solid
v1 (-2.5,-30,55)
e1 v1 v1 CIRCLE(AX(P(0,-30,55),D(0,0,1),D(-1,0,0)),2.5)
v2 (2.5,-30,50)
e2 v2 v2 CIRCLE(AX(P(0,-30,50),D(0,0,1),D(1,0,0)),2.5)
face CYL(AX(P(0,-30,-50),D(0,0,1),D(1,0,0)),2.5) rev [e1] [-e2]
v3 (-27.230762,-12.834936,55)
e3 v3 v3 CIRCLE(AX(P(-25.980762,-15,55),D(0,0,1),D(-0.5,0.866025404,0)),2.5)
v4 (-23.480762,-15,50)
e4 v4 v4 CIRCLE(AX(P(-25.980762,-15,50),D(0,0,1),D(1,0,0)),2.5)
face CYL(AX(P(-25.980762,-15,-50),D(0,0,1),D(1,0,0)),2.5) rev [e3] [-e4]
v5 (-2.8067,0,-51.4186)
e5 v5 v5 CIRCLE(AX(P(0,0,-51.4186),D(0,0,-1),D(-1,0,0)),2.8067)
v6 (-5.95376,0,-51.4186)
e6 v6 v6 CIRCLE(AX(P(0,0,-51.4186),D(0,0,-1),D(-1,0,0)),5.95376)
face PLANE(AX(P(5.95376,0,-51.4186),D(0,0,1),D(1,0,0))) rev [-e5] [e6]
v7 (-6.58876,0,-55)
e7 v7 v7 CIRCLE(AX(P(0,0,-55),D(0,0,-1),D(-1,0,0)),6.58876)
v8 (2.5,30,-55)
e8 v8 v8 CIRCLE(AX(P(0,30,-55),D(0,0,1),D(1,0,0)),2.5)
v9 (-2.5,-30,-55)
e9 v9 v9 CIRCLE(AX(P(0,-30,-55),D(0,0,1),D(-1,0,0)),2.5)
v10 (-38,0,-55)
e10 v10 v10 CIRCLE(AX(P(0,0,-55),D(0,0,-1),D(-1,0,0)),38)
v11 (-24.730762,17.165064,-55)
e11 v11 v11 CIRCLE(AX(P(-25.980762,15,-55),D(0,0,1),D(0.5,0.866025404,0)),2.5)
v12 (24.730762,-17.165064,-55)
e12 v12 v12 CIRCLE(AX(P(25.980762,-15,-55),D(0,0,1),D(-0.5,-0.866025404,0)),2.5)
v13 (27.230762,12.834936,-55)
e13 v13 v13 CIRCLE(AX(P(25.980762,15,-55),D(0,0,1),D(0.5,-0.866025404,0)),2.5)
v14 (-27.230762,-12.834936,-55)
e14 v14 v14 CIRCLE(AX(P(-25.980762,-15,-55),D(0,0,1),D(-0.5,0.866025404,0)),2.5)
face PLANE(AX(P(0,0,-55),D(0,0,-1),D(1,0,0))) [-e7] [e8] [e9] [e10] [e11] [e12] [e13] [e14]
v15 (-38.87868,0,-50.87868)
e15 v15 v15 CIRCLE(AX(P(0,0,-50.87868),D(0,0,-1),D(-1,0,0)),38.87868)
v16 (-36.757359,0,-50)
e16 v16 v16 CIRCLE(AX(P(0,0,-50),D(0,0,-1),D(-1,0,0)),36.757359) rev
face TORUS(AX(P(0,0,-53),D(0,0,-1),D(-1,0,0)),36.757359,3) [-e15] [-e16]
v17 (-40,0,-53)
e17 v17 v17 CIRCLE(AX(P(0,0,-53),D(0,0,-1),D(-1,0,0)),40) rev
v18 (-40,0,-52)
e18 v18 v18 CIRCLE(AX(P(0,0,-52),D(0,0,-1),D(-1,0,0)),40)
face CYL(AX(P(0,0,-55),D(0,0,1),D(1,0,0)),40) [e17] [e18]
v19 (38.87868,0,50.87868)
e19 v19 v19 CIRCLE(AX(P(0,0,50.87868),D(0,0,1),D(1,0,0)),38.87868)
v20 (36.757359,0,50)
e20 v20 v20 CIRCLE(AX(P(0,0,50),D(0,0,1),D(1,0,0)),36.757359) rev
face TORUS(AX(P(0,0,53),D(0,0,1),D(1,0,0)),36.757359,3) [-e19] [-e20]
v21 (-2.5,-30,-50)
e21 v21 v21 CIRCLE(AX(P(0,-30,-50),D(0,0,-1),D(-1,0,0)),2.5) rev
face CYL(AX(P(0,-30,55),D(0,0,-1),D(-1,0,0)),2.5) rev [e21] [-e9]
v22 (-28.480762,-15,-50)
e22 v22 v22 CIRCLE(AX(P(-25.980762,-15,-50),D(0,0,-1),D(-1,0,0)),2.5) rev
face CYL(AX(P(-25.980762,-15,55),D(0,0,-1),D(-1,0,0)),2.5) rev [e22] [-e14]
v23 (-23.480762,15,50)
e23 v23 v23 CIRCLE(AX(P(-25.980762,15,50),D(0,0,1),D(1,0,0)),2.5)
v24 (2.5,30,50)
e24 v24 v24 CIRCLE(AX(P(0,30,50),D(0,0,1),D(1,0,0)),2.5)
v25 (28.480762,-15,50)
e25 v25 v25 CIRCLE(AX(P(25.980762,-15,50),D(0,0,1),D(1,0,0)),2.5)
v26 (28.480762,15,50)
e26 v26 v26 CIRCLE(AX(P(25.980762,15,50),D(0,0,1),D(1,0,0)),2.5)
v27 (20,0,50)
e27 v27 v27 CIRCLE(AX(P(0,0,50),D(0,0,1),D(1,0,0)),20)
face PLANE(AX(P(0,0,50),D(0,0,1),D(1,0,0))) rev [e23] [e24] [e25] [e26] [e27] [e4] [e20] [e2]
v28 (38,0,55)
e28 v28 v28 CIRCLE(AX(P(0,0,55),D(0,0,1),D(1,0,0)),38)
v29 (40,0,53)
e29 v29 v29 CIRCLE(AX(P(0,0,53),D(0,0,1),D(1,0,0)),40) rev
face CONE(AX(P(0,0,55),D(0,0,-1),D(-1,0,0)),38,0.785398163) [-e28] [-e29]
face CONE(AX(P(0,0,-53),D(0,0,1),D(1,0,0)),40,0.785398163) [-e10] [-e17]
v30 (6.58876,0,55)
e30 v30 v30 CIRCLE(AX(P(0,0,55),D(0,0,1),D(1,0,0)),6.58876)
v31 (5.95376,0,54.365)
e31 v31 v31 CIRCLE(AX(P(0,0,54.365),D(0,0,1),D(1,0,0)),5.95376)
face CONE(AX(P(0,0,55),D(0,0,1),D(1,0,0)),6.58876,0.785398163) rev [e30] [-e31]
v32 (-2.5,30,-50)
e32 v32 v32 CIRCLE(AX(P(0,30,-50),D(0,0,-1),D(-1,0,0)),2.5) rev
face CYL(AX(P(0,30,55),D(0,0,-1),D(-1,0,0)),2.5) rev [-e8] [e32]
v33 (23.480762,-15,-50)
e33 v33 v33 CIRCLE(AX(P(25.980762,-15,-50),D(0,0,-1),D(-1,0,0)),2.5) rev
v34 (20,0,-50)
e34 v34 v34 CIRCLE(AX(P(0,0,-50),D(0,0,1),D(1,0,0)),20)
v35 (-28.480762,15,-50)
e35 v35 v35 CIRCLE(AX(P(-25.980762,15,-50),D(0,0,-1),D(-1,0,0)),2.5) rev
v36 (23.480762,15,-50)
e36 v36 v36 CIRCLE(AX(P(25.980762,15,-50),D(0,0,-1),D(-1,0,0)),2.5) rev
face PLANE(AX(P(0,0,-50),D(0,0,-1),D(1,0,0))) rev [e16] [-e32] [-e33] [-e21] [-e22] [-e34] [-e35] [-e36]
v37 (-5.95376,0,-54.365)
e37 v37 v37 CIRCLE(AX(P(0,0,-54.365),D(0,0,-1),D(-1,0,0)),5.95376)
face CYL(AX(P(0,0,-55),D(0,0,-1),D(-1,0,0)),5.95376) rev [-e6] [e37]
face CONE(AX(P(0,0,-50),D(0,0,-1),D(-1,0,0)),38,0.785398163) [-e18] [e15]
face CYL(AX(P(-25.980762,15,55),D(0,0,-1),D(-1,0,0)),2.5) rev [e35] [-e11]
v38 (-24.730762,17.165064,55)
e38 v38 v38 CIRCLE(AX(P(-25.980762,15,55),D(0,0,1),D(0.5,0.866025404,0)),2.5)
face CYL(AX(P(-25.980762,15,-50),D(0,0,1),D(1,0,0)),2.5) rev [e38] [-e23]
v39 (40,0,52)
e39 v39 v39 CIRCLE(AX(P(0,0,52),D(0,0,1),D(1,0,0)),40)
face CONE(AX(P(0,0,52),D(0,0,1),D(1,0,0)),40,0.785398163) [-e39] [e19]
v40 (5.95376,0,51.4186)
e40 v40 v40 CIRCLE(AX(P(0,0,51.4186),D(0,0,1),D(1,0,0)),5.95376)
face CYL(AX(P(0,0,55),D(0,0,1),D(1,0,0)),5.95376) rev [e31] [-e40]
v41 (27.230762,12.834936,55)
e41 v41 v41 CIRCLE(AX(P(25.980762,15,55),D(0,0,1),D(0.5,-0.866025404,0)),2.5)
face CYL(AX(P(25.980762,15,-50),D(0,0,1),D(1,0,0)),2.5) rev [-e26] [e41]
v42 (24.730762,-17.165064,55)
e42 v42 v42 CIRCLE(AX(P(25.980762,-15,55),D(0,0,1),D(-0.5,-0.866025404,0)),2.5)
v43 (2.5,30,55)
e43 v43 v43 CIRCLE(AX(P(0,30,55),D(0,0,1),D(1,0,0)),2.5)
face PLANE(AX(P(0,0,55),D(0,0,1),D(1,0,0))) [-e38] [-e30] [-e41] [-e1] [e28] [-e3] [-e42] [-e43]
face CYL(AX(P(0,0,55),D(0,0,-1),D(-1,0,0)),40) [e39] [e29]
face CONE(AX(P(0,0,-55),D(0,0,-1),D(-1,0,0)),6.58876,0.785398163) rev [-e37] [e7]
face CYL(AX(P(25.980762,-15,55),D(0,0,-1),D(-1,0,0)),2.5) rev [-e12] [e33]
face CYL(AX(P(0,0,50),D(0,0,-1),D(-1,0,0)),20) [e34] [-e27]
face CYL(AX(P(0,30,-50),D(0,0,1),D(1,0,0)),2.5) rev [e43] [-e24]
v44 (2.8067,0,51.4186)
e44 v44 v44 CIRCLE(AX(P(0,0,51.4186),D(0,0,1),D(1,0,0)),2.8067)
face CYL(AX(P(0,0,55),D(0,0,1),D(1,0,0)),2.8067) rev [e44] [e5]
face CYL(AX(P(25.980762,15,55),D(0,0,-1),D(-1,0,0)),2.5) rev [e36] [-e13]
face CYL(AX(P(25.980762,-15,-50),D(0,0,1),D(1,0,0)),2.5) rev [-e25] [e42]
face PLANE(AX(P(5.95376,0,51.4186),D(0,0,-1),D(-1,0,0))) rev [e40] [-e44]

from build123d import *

# Parameters (mm, degrees)
SKETCH1_R                = 20
BOSS_EXTRUDE1_DEPTH      = 50
SKETCH3_R                = 40
BOSS_EXTRUDE2_DEPTH      = 5
CHAMFER1_SIZE            = 2
SKETCH5_R                = 2.5
CUT_EXTRUDE1_DEPTH       = 120.268604419
CIRPATTERN1_COUNT        = 6
FILLET2_R                = 3
MIRROR3_COPY_1_SKETCH_R  = 2.5
MIRROR3_COPY_1_DEPTH     = 120.268604419
MIRROR3_COPY_2_SKETCH_R  = 2.5
MIRROR3_COPY_2_DEPTH     = 120.268604419
MIRROR3_COPY_3_SKETCH_R  = 2.5
MIRROR3_COPY_3_DEPTH     = 120.268604419
MIRROR3_COPY_4_SKETCH_R  = 2.5
MIRROR3_COPY_4_DEPTH     = 120.268604419
MIRROR3_COPY_5_SKETCH_R  = 2.5
MIRROR3_COPY_5_DEPTH     = 120.268604419
CHAMFER1_OF_MIRROR3_SIZE = 2
FILLET2_OF_MIRROR3_R     = 3


with BuildPart() as part:
    # Sketch1 → Boss-Extrude1 (new, symmetric)
    with BuildSketch(Plane.XY):
        Circle(SKETCH1_R)
    boss_extrude1 = extrude(amount=BOSS_EXTRUDE1_DEPTH, both=True)

    # Sketch3 → Boss-Extrude2 (add)
    with BuildSketch(Plane.XY.offset(50)):
        Circle(SKETCH3_R)
    boss_extrude2 = extrude(amount=BOSS_EXTRUDE2_DEPTH)

    # Chamfer1
    chamfer1_edges = [part.edges().sort_by_distance(p)[0] for p in [
        (-40, 0, 50),
        (-40, 0, 55),
    ]]
    chamfer(chamfer1_edges, length=CHAMFER1_SIZE)

    # Sketch5 → Cut-Extrude1 (cut, through all)
    with BuildSketch(Plane.XY.offset(55)):
        with Locations((0, 30)):
            Circle(SKETCH5_R)
    cut_extrude1 = extrude(amount=-CUT_EXTRUDE1_DEPTH, mode=Mode.SUBTRACT)

    # CirPattern1: Cut-Extrude1 ×6 about axis
    cirpattern1_axis = Axis((0, 0, 0), (0, 0, 1))
    for i in range(1, CIRPATTERN1_COUNT):
        add(cut_extrude1.rotate(cirpattern1_axis, i * 360 / CIRPATTERN1_COUNT), mode=Mode.SUBTRACT)

    # Fillet2
    fillet2_edges = [part.edges().sort_by_distance(p)[0] for p in [
        (-38, 0, 50),
    ]]
    fillet(fillet2_edges, radius=FILLET2_R)

    # Sketch8 → CBORE for #12 Binding Head Machine Screw1 (revolve, cut)
    with BuildSketch(Plane(origin=(0, 0, 55), x_dir=(0, -1, 0), z_dir=(1, 0, 0))):
        Polygon((0, 0), (0, 110), (2.8067, 110), (2.8067, 3.5814), (5.95376, 3.5814), (5.95376, 0.635), (6.58876, 0), align=None)
    cbore_for_12_binding_head_machine_screw = revolve(axis=Axis((0, 0, 61.35), (0, 0, -1)), mode=Mode.SUBTRACT)

    # Mirror3: Boss-Extrude1, Boss-Extrude2, Cut-Extrude1, CBORE for #12 Binding Head Machine Screw1 across plane
    add(boss_extrude1.mirror(Plane.XY))
    add(boss_extrude2.mirror(Plane.XY))
    add(cut_extrude1.mirror(Plane.XY), mode=Mode.SUBTRACT)
    add(cbore_for_12_binding_head_machine_screw.mirror(Plane.XY), mode=Mode.SUBTRACT)

    # Mirror3 copy 1 sketch → Mirror3 copy 1 (cut, through all)
    with BuildSketch(Plane(origin=(0, 0, -55), x_dir=(0.5000000000000001, 0.8660254037844386, 0), z_dir=(0, 0, -1))):
        with Locations((0, -30)):
            Circle(MIRROR3_COPY_1_SKETCH_R)
    extrude(amount=-MIRROR3_COPY_1_DEPTH, mode=Mode.SUBTRACT)

    # Mirror3 copy 2 sketch → Mirror3 copy 2 (cut, through all)
    with BuildSketch(Plane(origin=(0, 0, -55), x_dir=(-0.4999999999999998, 0.8660254037844387, 0), z_dir=(0, 0, -1))):
        with Locations((0, -30)):
            Circle(MIRROR3_COPY_2_SKETCH_R)
    extrude(amount=-MIRROR3_COPY_2_DEPTH, mode=Mode.SUBTRACT)

    # Mirror3 copy 3 sketch → Mirror3 copy 3 (cut, through all)
    with BuildSketch(Plane(origin=(0, 0, -55), x_dir=(-1, 0, 0), z_dir=(0, 0, -1))):
        with Locations((0, -30)):
            Circle(MIRROR3_COPY_3_SKETCH_R)
    extrude(amount=-MIRROR3_COPY_3_DEPTH, mode=Mode.SUBTRACT)

    # Mirror3 copy 4 sketch → Mirror3 copy 4 (cut, through all)
    with BuildSketch(Plane(origin=(0, 0, -55), x_dir=(-0.5000000000000004, -0.8660254037844384, 0), z_dir=(0, 0, -1))):
        with Locations((0, -30)):
            Circle(MIRROR3_COPY_4_SKETCH_R)
    extrude(amount=-MIRROR3_COPY_4_DEPTH, mode=Mode.SUBTRACT)

    # Mirror3 copy 5 sketch → Mirror3 copy 5 (cut, through all)
    with BuildSketch(Plane(origin=(0, 0, -55), x_dir=(0.5000000000000001, -0.8660254037844386, 0), z_dir=(0, 0, -1))):
        with Locations((0, -30)):
            Circle(MIRROR3_COPY_5_SKETCH_R)
    extrude(amount=-MIRROR3_COPY_5_DEPTH, mode=Mode.SUBTRACT)

    # Chamfer1 of Mirror3
    chamfer1_of_mirror3_edges = [part.edges().sort_by_distance(p)[0] for p in [
        (-40, 0, -50),
        (-40, 0, -55),
    ]]
    chamfer(chamfer1_of_mirror3_edges, length=CHAMFER1_OF_MIRROR3_SIZE)

    # Fillet2 of Mirror3
    fillet2_of_mirror3_edges = [part.edges().sort_by_distance(p)[0] for p in [
        (-38, 0, -50),
    ]]
    fillet(fillet2_of_mirror3_edges, radius=FILLET2_OF_MIRROR3_R)


solid = part.part
